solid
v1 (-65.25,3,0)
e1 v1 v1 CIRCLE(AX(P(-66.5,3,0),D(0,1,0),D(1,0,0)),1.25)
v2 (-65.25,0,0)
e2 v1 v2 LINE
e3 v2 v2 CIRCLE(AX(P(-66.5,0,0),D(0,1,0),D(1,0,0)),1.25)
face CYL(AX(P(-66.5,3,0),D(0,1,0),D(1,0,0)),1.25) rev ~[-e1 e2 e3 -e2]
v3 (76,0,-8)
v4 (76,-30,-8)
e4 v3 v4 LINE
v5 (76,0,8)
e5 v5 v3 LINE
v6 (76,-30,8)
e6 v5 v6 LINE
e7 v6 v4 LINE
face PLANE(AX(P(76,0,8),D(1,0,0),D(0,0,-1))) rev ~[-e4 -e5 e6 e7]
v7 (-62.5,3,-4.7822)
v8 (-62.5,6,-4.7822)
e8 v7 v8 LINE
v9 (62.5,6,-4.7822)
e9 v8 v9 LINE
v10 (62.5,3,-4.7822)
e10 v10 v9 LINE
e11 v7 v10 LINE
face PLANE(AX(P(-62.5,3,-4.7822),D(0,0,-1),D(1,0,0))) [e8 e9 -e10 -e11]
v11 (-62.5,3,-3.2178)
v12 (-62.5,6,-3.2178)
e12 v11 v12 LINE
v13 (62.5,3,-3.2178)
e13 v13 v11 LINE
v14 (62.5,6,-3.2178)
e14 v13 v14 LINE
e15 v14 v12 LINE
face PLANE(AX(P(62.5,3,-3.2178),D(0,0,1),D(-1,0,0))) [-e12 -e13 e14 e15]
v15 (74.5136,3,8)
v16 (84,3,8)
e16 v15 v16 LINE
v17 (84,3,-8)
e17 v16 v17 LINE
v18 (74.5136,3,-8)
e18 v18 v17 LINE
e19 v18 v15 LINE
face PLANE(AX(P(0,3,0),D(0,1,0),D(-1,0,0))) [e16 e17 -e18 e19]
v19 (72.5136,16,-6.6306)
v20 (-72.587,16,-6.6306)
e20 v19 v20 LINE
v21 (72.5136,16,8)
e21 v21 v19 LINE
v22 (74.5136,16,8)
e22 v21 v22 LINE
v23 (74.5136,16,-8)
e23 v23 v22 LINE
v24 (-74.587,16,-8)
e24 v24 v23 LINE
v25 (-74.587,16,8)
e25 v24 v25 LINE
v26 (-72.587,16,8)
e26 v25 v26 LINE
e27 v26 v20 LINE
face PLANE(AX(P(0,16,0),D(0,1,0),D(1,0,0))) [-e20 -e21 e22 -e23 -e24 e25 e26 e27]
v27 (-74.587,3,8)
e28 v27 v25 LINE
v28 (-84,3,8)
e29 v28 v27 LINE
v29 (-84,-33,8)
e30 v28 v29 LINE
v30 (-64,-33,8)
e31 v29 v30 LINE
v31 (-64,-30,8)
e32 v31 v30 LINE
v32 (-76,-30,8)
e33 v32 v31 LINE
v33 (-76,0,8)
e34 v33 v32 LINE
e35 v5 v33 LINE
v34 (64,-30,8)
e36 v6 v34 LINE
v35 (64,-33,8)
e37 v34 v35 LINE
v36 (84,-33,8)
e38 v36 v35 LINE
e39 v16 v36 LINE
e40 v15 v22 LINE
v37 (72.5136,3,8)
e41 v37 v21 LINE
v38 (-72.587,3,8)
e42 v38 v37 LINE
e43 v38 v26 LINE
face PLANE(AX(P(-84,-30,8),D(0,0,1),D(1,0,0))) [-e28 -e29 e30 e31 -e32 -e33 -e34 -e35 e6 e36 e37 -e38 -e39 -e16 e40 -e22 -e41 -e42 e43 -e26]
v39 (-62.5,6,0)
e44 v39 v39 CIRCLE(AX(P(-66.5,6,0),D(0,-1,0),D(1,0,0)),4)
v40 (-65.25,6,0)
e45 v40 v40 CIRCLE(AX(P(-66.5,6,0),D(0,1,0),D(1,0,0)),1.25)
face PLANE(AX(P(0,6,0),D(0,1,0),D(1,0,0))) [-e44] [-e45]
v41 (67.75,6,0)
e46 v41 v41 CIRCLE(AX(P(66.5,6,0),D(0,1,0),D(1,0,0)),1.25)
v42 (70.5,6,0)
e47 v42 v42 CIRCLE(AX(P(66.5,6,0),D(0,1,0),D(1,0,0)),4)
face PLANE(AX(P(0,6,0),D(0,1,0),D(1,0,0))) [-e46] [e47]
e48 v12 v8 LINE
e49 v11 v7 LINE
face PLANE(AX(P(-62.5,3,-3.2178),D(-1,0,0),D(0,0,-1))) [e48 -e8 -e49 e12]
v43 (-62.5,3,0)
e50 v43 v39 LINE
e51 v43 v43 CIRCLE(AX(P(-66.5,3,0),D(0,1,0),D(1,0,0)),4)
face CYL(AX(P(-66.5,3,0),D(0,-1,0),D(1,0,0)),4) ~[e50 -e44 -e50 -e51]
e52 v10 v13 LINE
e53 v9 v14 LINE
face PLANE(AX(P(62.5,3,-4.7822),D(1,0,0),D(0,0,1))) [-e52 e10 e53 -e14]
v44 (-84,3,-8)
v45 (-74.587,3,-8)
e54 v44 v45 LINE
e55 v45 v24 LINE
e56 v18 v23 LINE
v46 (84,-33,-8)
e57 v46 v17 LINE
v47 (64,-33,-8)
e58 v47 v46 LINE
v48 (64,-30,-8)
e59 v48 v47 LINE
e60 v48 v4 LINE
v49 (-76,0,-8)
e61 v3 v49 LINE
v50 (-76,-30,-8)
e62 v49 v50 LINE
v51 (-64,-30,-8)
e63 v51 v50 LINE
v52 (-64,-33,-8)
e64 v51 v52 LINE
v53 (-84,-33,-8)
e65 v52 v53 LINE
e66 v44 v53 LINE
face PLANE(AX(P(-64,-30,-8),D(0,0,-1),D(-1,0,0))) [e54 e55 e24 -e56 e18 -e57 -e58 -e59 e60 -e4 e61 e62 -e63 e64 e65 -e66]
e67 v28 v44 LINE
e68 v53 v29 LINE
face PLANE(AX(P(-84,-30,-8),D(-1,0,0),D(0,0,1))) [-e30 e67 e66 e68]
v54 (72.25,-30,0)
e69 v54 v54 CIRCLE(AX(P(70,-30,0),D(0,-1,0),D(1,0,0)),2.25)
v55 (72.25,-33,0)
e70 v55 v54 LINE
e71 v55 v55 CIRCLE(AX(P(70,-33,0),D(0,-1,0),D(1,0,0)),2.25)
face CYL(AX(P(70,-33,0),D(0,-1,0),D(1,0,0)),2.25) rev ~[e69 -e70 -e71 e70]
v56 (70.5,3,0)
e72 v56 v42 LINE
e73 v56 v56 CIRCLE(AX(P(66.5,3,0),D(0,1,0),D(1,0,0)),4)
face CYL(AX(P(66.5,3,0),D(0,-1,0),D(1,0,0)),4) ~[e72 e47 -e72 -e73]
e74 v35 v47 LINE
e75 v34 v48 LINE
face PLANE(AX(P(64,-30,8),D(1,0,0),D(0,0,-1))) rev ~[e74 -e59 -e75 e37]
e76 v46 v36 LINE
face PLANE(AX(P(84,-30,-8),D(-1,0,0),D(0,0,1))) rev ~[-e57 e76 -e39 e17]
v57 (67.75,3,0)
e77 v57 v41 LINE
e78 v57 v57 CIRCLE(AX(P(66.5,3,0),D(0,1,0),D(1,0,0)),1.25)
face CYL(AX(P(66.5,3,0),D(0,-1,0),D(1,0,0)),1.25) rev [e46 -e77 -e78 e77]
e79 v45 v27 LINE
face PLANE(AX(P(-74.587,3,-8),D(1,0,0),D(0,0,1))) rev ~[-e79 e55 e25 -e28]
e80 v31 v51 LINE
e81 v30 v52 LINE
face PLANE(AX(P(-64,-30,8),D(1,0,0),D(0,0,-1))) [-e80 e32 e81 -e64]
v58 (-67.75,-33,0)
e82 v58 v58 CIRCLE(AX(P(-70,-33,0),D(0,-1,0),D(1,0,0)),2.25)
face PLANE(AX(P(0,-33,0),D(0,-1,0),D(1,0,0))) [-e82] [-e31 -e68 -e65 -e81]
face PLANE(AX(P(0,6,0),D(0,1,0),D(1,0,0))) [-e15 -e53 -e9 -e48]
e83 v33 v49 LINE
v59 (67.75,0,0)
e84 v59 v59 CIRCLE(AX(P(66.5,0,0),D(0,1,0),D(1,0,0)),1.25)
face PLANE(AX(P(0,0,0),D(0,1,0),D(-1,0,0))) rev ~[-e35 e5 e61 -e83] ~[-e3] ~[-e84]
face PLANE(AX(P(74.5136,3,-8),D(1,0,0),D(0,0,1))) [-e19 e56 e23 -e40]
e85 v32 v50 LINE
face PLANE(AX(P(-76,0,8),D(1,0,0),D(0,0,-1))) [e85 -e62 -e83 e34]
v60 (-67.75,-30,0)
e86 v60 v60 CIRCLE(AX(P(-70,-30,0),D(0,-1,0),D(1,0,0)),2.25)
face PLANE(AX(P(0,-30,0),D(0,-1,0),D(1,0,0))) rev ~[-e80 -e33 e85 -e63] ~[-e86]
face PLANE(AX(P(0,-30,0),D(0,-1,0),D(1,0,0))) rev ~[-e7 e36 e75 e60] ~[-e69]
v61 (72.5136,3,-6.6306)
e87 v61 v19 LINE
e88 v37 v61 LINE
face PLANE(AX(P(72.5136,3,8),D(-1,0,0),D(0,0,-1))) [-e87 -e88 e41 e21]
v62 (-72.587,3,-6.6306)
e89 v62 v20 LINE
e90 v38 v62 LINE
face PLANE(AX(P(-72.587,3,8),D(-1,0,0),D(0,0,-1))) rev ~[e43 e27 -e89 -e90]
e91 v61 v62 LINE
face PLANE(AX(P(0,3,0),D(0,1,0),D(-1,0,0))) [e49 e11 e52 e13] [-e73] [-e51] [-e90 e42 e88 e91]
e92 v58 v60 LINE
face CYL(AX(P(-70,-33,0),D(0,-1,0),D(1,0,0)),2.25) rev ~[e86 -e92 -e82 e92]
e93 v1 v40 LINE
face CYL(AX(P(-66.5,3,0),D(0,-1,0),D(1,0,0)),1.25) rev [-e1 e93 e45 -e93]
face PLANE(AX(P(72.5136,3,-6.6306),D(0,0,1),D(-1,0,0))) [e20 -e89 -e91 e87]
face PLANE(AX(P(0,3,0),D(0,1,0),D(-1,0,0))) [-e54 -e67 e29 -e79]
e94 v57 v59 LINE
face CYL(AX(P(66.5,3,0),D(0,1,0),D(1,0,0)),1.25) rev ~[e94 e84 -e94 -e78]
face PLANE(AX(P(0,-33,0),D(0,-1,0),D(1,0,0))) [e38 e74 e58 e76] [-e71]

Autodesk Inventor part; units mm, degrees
ref_plane "YZ Plane" through (0, 0, 0) normal (1, 0, 0) x (0, 1, 0)
ref_plane "XZ Plane" through (0, 0, 0) normal (0, 1, 0) x (-1, 0, 0)
ref_plane "XY Plane" through (0, 0, 0) normal (0, 0, 1) x (1, 0, 0)
sketch "Sketch1" plane through (0, 0, 0) normal (0, 1, 0) x (-1, 0, 0)
  line L0 (75, 8) -> (-75, 8)
  line L1 (-75, 8) -> (-75, -8)
  line L2 (-75, -8) -> (75, -8)
  line L3 (75, -8) -> (75, 8)
  line L4 (75, 8) -> (-75, -8) construction
  line L5 (-75, 8) -> (75, -8) construction
  line L6 (-75, 8) -> (-84, 8)
  line L7 (-84, 8) -> (-84, -8)
  line L8 (-84, -8) -> (-75, -8)
  line L9 (-75, -8) -> (-75, 8)
  line L10 (75, 8) -> (84, 8)
  line L11 (84, 8) -> (84, -8)
  line L12 (84, -8) -> (75, -8)
  line L13 (75, -8) -> (75, 8)
  point P0 (0, 0)
  dimension "d0" = 150
  dimension "d1" = 16
  dimension "d2" = 9
  dimension "d3" = 9
extrude "Extrusion1" add sketch "Sketch1" along normal blind 3
sketch "Sketch2" plane through (0, 3, 0) normal (0, 1, 0) x (1, 0, 0)
  line L0 (-70.5, 4.5) -> (70.5, 4.5)
  line L1 (70.5, 4.5) -> (70.5, -4.5)
  line L2 (70.5, -4.5) -> (-70.5, -4.5)
  line L3 (-70.5, -4.5) -> (-70.5, 4.5)
  line L4 (-70.5, 4.5) -> (70.5, -4.5) construction
  line L5 (70.5, 4.5) -> (-70.5, -4.5) construction
  circle A0 centre (-66.5, 0) radius 1.25
  circle A1 centre (-66.5, 0) radius 4
  circle A2 centre (66.5, 0) radius 1.25
  circle A3 centre (66.5, 0) radius 4
  point P0 (0, 0)
  dimension "d6" = 141
  dimension "d7" = 9
  dimension "d8" = 2.5
  dimension "d9" = 8
  dimension "d10" = 4
  dimension "d11" = 2.5
  dimension "d12" = 8
  dimension "d13" = 4
extrude "Extrusion2" add sketch "Sketch2" along normal blind 3 contours A1 | A3
sketch "Sketch3" plane through (0, 3, 0) normal (0, 1, 0) x (1, 0, 0)
  circle A0 centre (-66.5, 0) radius 1.25 projected
  circle A1 centre (66.5, 0) radius 1.25 projected
  point P0 (0, 0)
extrude "Extrusion3" cut sketch "Sketch3" against normal blind 3
sketch "Sketch4" plane through (0, 3, 0) normal (0, 1, 0) x (1, 0, 0)
  line L0 (-62.5, 4.7822) -> (62.5, 4.7822)
  line L1 (62.5, 4.7822) -> (62.5, 3.2178)
  line L2 (62.5, 3.2178) -> (-62.5, 3.2178)
  line L3 (-62.5, 3.2178) -> (-62.5, 4.7822)
  line L4 (-62.5, 4.7822) -> (62.5, 3.2178) construction
  line L5 (62.5, 4.7822) -> (-62.5, 3.2178) construction
  point P0 (0, 0)
  point P1 (0, 4)
extrude "Extrusion4" add sketch "Sketch4" along normal blind 3
sketch "Sketch5" plane through (0, 0, 0) normal (0, -1, 0) x (1, 0, 0)
  line L0 (84, -8) -> (-84, -8) projected
  line L1 (-84, 8) -> (-76, 8)
  line L2 (-76, 8) -> (-76, -8)
  line L3 (-76, -8) -> (-84, -8)
  line L4 (-84, -8) -> (-84, 8)
  line L5 (84, 8) -> (76, 8)
  line L6 (76, 8) -> (76, -8)
  line L7 (76, -8) -> (84, -8)
  line L8 (84, -8) -> (84, 8)
  point P0 (0, 0)
  dimension "d20" = 8
  dimension "d21" = 8
extrude "Extrusion5" add sketch "Sketch5" along normal blind 30
sketch "Sketch6" plane through (0, -30, 0) normal (0, -1, 0) x (1, 0, 0)
  line L0 (-84, 8) -> (-64, 8)
  line L1 (-64, 8) -> (-64, -8)
  line L2 (-64, -8) -> (-84, -8)
  line L3 (-84, -8) -> (-84, 8)
  point P0 (0, 0)
  dimension "d24" = 20
sketch "Sketch7" plane through (0, -30, 0) normal (0, -1, 0) x (1, 0, 0)
  line L0 (84, 8) -> (64, 8)
  line L1 (64, 8) -> (64, -8)
  line L2 (64, -8) -> (84, -8)
  line L3 (84, -8) -> (84, 8)
  point P0 (0, 0)
  dimension "d25" = 20
extrude "Extrusion6" add sketch "Sketch7" along normal blind 3
extrude "Extrusion7" add sketch "Sketch6" along normal blind 3
sketch "Sketch8" plane through (0, -33, 0) normal (0, -1, 0) x (1, 0, 0)
  line L0 (-84, -8) -> (-64, -8) projected
  line L1 (-76, -8) -> (-76, 8) projected
  line L2 (-64, 8) -> (-76, 8) projected
  line L3 (-64, -8) -> (-64, 8) projected
  line L4 (-76, -8) -> (-64, -8) projected
  circle A0 centre (-70, 0) radius 2.25
  point P0 (0, 0)
  dimension "d30" = 4.5
extrude "Extrusion8" cut sketch "Sketch8" against normal blind 3 contours A0
sketch "Sketch9" plane through (0, -33, 0) normal (0, -1, 0) x (1, 0, 0)
  line L0 (76, 8) -> (76, -8) projected
  line L1 (76, 8) -> (76, -8) projected
  line L2 (64, -8) -> (76, -8) projected
  line L3 (64, 8) -> (64, -8) projected
  line L4 (76, 8) -> (64, 8) projected
  circle A0 centre (70, 0) radius 2.25
  point P0 (0, 0)
  dimension "d33" = 4.5
extrude "Extrusion9" cut sketch "Sketch9" against normal blind 3 contours A0
sketch "Sketch11" plane through (0, 3, 0) normal (0, 1, 0) x (1, 0, 0)
  line L0 (-84, -8) -> (84, -8) projected
  line L1 (84, 8) -> (-84, 8) projected
  line L2 (-72.587, 8) -> (-74.587, 8)
  line L3 (-74.587, 8) -> (-74.587, -8)
  line L4 (-74.587, -8) -> (-72.587, -8)
  line L5 (-72.587, -8) -> (-72.587, 8)
  line L6 (-72.587, 8) -> (72.5136, 8)
  line L7 (72.5136, 8) -> (72.5136, 6.6306)
  line L8 (72.5136, 6.6306) -> (-72.587, 6.6306)
  line L9 (-72.587, 6.6306) -> (-72.587, 8)
  line L10 (72.5136, 8) -> (74.5136, 8)
  line L11 (74.5136, 8) -> (74.5136, -8)
  line L12 (74.5136, -8) -> (72.5136, -8)
  line L13 (72.5136, -8) -> (72.5136, 8)
  point P0 (0, 0)
  dimension "d38" = 2
  dimension "d39" = 2
extrude "Extrusion10" add sketch "Sketch11" along normal blind 13 contours L3 L1 L5 L0 | L13 L7 L1 L11 L0 | L5 L1 L7 L8
properties part number "montowanie kostek ark do rozdzielnicy"
